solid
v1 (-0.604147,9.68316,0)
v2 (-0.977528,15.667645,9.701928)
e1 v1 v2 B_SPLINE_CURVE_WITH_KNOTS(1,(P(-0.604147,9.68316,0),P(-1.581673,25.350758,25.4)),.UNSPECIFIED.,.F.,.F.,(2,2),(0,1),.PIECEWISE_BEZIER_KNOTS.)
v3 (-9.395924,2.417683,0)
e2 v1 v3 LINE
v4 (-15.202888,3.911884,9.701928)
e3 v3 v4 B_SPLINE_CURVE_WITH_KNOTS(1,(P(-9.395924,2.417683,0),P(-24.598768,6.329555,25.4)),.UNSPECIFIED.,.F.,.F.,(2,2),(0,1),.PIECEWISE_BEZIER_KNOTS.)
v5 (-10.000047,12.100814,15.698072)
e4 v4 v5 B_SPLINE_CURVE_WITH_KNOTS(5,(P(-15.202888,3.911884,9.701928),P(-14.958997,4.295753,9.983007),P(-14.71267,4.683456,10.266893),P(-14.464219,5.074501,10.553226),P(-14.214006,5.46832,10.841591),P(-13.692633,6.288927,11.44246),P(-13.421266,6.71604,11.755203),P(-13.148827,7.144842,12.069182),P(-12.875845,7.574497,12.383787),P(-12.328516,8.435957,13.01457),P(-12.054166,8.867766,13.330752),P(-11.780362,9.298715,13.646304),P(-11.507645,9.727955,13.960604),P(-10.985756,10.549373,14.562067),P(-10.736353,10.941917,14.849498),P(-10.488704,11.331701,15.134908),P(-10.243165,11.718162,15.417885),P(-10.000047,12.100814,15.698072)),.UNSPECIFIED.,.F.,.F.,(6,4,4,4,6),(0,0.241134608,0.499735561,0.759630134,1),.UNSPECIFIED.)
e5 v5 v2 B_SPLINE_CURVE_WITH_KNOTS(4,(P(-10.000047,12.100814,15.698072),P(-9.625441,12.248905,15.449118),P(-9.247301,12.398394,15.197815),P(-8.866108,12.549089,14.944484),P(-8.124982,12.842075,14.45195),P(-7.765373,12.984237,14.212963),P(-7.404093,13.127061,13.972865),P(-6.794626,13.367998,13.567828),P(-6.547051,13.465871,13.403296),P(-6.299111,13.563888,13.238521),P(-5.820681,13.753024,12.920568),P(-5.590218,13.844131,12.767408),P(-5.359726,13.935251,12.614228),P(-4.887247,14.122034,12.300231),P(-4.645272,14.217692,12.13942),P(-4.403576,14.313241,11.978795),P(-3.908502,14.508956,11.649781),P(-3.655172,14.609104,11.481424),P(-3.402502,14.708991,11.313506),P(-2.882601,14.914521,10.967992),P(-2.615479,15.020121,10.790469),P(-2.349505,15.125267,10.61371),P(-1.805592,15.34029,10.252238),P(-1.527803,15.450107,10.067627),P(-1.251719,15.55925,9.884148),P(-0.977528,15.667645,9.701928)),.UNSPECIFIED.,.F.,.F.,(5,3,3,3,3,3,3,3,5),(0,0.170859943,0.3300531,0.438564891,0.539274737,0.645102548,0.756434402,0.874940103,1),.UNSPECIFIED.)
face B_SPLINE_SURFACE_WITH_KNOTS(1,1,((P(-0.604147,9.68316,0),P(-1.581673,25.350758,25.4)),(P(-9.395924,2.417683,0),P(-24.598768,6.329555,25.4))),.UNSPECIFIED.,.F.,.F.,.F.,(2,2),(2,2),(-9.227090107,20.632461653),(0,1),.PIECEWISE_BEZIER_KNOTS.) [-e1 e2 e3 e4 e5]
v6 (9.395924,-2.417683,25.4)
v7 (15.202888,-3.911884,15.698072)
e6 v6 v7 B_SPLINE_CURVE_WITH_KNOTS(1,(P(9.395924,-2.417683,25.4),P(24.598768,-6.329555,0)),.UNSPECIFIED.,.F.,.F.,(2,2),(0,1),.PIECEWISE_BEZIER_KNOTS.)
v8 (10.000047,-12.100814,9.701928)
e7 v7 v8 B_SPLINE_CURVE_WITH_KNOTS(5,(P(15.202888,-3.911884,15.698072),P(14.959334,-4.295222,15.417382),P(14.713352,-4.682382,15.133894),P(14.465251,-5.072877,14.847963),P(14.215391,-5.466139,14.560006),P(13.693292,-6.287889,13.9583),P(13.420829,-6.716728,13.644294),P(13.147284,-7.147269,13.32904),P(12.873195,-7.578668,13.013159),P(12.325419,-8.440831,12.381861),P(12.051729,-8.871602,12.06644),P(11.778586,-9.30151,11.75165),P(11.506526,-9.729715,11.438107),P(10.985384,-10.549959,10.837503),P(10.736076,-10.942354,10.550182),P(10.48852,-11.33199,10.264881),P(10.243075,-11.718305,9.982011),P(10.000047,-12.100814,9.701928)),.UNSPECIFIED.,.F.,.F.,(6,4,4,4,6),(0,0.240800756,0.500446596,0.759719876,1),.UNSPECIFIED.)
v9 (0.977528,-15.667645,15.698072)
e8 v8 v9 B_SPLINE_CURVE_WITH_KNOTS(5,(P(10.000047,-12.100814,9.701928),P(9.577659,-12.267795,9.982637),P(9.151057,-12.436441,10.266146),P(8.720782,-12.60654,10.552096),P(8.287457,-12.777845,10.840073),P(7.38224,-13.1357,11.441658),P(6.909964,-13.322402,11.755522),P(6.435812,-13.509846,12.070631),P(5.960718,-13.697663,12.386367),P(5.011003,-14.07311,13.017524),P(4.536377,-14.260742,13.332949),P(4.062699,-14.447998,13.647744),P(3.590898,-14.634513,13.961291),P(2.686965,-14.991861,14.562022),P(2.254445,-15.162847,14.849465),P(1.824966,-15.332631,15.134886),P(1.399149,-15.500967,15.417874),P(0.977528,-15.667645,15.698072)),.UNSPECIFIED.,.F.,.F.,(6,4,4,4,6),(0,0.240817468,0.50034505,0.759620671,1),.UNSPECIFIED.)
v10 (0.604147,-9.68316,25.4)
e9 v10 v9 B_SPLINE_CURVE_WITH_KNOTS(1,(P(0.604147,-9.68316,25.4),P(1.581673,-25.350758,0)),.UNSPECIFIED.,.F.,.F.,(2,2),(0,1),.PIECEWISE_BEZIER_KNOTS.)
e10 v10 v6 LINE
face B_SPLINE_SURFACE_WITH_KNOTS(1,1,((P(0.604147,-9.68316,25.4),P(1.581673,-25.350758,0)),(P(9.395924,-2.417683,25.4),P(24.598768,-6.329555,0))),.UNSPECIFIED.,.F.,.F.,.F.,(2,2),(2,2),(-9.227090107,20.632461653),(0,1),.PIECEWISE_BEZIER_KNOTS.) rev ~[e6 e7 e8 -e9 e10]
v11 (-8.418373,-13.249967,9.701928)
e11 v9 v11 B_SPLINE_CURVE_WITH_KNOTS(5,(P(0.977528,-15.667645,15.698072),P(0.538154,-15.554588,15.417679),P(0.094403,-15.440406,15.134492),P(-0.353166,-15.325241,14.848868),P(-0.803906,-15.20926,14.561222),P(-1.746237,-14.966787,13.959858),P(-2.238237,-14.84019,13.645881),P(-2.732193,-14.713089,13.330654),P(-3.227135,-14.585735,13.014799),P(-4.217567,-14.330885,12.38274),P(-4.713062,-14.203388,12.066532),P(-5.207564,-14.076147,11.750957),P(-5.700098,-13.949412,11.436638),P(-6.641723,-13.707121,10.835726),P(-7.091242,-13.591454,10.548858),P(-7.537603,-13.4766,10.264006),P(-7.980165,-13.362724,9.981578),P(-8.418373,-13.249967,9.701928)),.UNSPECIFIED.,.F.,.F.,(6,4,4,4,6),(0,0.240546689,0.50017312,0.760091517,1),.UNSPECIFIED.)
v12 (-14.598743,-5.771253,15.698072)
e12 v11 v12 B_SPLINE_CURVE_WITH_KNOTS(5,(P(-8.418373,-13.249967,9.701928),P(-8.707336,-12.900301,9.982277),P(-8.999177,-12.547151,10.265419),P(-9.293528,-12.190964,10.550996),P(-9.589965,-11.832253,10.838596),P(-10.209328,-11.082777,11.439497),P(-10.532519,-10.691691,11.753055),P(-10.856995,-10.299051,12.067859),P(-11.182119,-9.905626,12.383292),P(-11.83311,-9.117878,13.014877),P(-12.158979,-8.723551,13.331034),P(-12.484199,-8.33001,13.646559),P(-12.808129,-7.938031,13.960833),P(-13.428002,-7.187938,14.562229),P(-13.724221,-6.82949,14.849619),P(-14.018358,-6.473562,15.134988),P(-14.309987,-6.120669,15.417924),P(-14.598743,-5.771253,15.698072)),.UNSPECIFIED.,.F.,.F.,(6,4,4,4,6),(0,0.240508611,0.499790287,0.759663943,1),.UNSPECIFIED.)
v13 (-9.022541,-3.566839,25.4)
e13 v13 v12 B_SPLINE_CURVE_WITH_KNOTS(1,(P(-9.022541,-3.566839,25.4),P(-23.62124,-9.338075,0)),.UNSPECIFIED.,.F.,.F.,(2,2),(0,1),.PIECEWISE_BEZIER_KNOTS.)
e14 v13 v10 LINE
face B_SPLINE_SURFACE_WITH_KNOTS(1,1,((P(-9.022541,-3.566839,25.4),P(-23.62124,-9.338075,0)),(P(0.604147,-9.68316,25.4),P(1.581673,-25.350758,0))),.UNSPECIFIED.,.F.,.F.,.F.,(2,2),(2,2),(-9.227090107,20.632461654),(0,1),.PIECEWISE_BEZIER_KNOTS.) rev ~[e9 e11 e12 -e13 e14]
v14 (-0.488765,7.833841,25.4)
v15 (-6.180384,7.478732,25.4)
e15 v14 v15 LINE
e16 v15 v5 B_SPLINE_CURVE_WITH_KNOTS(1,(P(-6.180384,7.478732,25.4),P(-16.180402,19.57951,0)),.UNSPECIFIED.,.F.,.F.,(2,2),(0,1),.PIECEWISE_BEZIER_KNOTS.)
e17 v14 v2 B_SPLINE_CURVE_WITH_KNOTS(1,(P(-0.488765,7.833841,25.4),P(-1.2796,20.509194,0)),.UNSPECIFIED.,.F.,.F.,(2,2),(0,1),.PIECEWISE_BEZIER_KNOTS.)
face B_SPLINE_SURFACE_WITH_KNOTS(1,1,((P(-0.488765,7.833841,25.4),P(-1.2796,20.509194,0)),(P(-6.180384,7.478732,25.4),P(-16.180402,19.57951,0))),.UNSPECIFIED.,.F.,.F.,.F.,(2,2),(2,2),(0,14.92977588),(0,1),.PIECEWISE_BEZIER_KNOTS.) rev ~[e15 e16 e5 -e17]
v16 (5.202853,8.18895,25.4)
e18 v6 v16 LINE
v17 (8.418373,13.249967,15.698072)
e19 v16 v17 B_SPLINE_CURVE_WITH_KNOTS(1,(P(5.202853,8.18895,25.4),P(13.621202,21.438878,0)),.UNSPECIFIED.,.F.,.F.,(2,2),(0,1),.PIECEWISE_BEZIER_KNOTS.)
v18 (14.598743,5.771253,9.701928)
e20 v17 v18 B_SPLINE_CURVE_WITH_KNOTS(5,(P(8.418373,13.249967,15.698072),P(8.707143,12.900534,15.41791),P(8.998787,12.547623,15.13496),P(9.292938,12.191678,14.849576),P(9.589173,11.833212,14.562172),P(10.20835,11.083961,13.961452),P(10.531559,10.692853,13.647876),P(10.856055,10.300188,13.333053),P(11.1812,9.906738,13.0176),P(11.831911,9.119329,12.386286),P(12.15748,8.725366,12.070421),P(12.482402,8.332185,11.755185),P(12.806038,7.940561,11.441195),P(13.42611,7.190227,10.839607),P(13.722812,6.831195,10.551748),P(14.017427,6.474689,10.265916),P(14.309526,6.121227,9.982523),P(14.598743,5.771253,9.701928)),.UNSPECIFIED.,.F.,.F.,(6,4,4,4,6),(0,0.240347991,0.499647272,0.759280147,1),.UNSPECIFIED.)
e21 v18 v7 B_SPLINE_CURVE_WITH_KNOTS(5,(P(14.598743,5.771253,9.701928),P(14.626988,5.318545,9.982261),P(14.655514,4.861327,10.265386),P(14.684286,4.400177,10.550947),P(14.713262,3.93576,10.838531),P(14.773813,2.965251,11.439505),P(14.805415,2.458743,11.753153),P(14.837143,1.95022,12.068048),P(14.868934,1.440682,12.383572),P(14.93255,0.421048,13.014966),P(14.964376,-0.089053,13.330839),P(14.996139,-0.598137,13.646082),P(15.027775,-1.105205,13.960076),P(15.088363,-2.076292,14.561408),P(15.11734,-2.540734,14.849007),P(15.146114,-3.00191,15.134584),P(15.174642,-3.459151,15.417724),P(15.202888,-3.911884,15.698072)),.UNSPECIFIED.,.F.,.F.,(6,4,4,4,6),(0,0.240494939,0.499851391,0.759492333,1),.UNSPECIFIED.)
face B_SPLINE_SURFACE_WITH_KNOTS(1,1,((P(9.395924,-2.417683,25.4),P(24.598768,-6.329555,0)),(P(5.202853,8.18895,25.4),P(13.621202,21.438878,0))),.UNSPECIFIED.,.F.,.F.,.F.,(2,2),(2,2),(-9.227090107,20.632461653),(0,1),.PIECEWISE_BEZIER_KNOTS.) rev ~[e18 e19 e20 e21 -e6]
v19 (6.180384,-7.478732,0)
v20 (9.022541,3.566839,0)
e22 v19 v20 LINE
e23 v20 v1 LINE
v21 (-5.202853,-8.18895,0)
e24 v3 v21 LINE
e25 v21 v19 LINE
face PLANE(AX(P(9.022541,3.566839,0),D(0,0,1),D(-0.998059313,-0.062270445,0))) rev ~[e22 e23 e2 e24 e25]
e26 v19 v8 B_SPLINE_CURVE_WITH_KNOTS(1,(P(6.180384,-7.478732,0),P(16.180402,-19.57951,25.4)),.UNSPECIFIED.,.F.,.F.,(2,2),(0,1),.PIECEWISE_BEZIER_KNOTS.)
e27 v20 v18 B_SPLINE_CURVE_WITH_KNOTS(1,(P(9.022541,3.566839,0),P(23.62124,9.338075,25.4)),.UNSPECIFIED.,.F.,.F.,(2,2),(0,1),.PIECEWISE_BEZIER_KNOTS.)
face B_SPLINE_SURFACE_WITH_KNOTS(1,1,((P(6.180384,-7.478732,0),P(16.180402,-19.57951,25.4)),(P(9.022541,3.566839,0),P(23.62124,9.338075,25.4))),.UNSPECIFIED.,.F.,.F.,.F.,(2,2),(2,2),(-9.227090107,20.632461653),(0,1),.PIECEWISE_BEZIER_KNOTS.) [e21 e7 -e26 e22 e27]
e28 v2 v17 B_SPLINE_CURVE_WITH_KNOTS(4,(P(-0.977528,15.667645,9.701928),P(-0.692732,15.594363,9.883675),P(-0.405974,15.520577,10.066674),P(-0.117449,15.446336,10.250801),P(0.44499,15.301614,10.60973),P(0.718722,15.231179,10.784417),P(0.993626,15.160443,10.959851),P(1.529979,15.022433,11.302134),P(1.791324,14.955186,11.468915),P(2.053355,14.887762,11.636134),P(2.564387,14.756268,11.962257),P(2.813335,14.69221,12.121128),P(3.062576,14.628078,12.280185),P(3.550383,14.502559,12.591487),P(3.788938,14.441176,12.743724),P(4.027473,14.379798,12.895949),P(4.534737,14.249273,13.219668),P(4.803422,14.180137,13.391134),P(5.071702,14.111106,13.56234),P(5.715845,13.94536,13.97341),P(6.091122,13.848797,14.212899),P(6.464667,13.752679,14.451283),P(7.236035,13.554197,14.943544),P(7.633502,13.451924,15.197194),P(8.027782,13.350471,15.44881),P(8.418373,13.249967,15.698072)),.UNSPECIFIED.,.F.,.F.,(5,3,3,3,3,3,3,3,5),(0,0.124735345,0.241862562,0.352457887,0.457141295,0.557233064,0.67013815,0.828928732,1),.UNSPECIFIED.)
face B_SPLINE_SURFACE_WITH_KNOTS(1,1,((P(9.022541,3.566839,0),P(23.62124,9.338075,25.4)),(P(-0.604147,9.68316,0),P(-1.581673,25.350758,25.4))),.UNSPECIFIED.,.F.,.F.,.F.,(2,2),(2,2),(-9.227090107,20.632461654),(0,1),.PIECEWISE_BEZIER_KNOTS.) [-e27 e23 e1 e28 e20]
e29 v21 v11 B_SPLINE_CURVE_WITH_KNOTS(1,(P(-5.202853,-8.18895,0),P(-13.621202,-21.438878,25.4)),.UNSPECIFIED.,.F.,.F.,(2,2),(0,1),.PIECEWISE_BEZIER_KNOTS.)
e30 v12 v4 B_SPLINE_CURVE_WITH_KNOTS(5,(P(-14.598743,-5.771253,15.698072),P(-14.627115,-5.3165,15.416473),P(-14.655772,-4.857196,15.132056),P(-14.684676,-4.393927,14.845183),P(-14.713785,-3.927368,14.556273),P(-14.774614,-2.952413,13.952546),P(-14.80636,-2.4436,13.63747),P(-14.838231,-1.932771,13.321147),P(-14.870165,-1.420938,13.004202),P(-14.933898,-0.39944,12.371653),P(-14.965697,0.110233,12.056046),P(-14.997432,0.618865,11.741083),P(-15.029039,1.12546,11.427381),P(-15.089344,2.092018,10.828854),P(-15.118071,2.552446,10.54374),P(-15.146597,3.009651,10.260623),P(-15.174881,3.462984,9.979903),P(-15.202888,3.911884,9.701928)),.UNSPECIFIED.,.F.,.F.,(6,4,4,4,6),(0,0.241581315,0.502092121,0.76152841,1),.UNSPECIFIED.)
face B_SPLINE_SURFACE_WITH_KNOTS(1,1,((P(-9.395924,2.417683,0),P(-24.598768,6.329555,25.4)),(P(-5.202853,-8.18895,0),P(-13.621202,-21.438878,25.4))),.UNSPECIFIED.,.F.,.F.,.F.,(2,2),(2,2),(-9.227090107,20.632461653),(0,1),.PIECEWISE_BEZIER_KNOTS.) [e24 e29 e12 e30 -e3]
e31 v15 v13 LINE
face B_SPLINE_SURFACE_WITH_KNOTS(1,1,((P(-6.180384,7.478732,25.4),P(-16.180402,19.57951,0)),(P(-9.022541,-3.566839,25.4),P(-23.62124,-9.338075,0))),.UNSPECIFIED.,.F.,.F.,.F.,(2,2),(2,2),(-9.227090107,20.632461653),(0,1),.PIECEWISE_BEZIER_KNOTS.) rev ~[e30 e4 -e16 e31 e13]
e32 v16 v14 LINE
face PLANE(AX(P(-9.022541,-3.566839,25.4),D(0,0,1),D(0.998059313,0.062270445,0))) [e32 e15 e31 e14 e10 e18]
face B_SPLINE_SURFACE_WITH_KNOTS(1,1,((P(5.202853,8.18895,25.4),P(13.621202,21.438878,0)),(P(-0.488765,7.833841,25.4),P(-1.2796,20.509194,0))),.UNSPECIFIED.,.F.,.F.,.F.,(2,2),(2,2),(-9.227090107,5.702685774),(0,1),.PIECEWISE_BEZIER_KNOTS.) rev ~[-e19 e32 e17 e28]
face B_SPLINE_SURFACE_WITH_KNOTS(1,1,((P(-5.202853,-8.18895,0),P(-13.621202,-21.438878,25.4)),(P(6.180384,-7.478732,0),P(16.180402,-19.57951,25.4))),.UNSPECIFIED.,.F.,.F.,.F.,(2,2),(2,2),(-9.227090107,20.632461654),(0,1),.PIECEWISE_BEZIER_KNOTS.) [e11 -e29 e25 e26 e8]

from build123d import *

# Parameters (mm, degrees)
F2_DEPTH = 25.4
F2_TAPER = -26.56505118
F4_DEPTH = 25.4
F4_TAPER = -26.56505118


with BuildPart() as f2:
    # F1 (on Top) → F2 (new body)
    with BuildSketch(Plane.XY):
        Polygon((9.0225406837, 3.5668390717), (-0.6041471381, 9.6831600001), (-9.3959241492, 2.4176829268), (-5.2028533419, -8.1889497773), (6.1803839455, -7.4787322214), align=None)
    extrude(amount=F2_DEPTH, taper=F2_TAPER)


with BuildPart() as f4:
    # F3 (on face) → F4 (new body)
    with BuildSketch(Plane.XY.offset(25.4)):
        Polygon((-9.0225406837, -3.5668390717), (0.6041471381, -9.6831600001), (9.3959241492, -2.4176829268), (5.2028533419, 8.1889497773), (-0.4887653018, 7.8338409994), (-6.1803839455, 7.4787322214), align=None)
    extrude(amount=-F4_DEPTH, taper=F4_TAPER)


with BuildPart() as f2_1:
    add(f2.part)

    # F5: intersect F4
    add(f4.part, mode=Mode.INTERSECT)


solid = f2_1.part
